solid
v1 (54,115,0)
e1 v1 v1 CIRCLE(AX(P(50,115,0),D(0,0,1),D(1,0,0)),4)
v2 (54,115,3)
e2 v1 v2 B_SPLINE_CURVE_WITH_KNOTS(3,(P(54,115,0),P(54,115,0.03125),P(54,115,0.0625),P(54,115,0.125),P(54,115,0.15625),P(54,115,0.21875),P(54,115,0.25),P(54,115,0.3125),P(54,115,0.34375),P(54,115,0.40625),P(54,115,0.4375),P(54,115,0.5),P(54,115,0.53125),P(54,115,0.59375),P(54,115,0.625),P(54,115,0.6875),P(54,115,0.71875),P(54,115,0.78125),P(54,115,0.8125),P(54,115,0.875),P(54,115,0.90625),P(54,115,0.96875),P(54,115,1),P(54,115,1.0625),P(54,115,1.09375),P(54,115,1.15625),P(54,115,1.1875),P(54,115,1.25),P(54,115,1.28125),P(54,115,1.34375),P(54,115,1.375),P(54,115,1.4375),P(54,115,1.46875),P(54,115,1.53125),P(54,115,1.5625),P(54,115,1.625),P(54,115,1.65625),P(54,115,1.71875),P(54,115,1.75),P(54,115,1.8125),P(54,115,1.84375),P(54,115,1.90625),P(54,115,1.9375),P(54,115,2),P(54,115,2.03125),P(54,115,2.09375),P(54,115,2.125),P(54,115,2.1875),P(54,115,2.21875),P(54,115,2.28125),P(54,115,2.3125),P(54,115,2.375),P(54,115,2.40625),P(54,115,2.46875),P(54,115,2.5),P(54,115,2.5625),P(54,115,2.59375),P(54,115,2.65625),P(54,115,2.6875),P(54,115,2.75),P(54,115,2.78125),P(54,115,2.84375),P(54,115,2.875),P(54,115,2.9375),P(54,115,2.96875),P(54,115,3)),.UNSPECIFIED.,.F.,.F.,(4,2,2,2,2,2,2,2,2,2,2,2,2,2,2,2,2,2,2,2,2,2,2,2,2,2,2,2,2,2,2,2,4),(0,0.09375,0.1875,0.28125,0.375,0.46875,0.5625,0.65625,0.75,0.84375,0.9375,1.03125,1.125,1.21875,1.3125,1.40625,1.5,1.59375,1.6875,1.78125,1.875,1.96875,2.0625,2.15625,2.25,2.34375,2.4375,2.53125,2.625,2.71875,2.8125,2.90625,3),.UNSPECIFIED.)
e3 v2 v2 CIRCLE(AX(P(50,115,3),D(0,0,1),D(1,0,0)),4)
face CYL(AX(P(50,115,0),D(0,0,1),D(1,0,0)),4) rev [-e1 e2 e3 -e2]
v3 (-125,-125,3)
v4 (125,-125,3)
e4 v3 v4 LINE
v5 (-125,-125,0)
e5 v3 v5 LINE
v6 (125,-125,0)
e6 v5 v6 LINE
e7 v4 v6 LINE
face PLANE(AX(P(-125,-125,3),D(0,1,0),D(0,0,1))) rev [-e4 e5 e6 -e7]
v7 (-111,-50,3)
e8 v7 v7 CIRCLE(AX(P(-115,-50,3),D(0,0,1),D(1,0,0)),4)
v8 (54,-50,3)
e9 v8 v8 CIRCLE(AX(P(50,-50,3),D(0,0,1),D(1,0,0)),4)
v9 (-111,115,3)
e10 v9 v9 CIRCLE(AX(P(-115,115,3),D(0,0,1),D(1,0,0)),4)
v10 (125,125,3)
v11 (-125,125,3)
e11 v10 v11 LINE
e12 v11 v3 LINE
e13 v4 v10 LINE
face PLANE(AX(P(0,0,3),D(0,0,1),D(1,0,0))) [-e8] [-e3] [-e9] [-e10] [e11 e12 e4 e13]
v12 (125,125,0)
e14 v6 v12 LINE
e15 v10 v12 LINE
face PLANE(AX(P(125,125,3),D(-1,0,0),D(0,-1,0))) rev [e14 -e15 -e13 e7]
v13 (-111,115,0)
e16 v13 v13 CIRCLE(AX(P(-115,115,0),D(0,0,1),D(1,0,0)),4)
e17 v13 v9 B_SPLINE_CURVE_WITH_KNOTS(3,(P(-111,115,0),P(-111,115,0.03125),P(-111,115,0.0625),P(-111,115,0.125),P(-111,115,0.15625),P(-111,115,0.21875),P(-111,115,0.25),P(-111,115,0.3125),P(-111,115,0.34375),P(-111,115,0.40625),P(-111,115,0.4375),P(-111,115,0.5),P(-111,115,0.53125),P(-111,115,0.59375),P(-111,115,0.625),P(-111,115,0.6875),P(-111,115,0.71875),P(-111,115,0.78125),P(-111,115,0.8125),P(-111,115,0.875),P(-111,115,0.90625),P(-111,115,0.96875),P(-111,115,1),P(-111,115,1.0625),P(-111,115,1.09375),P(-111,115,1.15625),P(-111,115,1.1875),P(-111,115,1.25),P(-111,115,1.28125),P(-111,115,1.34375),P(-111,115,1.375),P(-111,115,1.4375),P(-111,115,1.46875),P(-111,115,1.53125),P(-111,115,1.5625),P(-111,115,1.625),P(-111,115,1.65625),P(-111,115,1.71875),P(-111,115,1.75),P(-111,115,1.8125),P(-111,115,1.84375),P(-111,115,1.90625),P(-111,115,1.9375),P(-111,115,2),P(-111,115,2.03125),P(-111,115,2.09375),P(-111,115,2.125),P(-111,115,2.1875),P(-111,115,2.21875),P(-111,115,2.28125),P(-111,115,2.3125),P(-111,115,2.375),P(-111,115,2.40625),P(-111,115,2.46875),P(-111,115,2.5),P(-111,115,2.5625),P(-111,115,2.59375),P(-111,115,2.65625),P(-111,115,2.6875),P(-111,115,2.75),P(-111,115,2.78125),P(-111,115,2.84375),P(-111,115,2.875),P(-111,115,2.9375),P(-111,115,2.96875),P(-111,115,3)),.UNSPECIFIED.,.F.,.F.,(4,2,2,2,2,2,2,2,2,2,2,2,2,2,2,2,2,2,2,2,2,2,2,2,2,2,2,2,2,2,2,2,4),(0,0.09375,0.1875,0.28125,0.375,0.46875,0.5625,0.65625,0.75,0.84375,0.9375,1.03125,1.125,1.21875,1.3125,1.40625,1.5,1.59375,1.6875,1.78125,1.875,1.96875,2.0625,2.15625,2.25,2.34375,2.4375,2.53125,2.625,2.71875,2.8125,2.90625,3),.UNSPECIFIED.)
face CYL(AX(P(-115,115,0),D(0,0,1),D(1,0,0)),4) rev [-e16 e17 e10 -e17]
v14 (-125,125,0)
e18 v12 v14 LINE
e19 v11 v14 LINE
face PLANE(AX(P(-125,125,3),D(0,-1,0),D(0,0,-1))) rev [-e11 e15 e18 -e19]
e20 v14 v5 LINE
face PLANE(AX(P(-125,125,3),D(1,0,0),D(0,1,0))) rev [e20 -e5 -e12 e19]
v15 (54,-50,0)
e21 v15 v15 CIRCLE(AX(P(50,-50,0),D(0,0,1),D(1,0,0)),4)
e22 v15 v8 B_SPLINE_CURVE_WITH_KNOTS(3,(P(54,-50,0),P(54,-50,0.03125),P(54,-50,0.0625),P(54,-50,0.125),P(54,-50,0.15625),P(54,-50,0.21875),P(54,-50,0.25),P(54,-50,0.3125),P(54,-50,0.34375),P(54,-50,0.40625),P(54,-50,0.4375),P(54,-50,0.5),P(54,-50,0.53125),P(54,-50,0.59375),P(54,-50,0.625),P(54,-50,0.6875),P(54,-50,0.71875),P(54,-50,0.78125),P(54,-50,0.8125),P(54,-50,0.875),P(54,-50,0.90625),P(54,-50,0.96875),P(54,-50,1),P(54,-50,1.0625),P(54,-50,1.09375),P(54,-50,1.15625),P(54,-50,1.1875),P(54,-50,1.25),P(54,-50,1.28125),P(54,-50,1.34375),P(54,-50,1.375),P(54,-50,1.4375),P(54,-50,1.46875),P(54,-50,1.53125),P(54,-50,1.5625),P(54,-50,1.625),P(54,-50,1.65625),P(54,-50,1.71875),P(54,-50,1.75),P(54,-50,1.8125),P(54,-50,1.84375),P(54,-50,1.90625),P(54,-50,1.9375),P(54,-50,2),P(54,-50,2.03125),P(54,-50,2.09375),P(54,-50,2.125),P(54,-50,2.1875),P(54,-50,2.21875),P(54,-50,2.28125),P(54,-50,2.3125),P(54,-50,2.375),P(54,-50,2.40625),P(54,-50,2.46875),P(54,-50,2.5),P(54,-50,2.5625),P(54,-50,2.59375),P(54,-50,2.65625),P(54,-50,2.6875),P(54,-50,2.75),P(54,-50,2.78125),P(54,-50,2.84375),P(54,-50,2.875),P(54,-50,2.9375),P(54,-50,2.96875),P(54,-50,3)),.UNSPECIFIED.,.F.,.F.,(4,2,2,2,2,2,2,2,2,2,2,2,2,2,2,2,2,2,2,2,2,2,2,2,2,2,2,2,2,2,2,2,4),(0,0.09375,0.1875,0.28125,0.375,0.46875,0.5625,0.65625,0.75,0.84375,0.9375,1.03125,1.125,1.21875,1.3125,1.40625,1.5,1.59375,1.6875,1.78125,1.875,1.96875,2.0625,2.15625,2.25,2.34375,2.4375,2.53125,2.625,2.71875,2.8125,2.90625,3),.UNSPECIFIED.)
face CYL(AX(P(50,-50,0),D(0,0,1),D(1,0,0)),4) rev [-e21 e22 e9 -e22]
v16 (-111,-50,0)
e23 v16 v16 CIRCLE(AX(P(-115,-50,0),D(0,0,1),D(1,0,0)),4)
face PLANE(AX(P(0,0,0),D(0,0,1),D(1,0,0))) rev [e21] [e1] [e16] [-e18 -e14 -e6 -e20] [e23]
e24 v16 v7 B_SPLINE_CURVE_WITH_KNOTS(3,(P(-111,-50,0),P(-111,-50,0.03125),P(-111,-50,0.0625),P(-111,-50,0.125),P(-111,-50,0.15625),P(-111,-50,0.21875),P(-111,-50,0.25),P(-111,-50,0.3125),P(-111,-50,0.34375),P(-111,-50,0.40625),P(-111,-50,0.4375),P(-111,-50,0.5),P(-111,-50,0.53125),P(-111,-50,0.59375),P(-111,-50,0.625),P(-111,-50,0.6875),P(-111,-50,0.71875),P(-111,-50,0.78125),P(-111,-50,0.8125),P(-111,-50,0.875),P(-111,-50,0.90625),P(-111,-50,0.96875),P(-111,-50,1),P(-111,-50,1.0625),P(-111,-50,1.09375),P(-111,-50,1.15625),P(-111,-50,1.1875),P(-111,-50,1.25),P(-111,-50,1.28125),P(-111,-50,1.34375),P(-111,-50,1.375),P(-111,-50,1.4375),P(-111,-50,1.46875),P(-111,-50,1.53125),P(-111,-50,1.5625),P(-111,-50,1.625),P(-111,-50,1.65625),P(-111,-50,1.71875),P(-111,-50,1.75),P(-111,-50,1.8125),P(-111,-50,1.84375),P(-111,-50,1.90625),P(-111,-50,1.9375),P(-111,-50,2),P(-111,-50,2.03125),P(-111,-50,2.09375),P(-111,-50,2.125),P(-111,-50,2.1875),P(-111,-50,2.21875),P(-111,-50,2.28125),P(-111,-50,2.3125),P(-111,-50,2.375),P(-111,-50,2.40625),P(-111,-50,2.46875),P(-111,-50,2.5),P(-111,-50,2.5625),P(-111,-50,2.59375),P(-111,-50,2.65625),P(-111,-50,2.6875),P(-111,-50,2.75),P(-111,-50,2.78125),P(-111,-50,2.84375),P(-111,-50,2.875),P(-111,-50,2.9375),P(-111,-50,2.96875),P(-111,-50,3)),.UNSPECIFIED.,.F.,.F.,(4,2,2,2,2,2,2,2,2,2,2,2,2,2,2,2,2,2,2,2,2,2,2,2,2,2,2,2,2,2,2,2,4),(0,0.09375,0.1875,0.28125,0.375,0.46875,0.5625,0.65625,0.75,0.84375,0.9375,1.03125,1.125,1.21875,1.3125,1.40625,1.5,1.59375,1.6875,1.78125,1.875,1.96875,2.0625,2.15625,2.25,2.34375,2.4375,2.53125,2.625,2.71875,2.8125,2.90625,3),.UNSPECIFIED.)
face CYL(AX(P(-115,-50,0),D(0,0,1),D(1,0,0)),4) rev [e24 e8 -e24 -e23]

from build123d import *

# Parameters (mm, degrees)
SKETCH_1_W          = 250
SKETCH_1_H          = 250
EXTRUDE_1_DEPTH     = 3
SKETCH_2_R          = 4
CUT_EXTRUDE_1_DEPTH = 3


with BuildPart() as part:
    # ｽｹｯﾁ1 → ﾎﾞｽ - 押し出し1 (new body)
    with BuildSketch(Plane.XY):
        Rectangle(SKETCH_1_W, SKETCH_1_H)
    extrude(amount=EXTRUDE_1_DEPTH)

    # ｽｹｯﾁ2 → ｶｯﾄ - 押し出し1 (cut)
    with BuildSketch(Plane.XY.offset(3)):
        with Locations((-115, 115)):
            Circle(SKETCH_2_R)
        with Locations((50, 115)):
            Circle(SKETCH_2_R)
        with Locations((-115, -50)):
            Circle(SKETCH_2_R)
        with Locations((50, -50)):
            Circle(SKETCH_2_R)
    extrude(amount=-CUT_EXTRUDE_1_DEPTH, mode=Mode.SUBTRACT)


solid = part.part
